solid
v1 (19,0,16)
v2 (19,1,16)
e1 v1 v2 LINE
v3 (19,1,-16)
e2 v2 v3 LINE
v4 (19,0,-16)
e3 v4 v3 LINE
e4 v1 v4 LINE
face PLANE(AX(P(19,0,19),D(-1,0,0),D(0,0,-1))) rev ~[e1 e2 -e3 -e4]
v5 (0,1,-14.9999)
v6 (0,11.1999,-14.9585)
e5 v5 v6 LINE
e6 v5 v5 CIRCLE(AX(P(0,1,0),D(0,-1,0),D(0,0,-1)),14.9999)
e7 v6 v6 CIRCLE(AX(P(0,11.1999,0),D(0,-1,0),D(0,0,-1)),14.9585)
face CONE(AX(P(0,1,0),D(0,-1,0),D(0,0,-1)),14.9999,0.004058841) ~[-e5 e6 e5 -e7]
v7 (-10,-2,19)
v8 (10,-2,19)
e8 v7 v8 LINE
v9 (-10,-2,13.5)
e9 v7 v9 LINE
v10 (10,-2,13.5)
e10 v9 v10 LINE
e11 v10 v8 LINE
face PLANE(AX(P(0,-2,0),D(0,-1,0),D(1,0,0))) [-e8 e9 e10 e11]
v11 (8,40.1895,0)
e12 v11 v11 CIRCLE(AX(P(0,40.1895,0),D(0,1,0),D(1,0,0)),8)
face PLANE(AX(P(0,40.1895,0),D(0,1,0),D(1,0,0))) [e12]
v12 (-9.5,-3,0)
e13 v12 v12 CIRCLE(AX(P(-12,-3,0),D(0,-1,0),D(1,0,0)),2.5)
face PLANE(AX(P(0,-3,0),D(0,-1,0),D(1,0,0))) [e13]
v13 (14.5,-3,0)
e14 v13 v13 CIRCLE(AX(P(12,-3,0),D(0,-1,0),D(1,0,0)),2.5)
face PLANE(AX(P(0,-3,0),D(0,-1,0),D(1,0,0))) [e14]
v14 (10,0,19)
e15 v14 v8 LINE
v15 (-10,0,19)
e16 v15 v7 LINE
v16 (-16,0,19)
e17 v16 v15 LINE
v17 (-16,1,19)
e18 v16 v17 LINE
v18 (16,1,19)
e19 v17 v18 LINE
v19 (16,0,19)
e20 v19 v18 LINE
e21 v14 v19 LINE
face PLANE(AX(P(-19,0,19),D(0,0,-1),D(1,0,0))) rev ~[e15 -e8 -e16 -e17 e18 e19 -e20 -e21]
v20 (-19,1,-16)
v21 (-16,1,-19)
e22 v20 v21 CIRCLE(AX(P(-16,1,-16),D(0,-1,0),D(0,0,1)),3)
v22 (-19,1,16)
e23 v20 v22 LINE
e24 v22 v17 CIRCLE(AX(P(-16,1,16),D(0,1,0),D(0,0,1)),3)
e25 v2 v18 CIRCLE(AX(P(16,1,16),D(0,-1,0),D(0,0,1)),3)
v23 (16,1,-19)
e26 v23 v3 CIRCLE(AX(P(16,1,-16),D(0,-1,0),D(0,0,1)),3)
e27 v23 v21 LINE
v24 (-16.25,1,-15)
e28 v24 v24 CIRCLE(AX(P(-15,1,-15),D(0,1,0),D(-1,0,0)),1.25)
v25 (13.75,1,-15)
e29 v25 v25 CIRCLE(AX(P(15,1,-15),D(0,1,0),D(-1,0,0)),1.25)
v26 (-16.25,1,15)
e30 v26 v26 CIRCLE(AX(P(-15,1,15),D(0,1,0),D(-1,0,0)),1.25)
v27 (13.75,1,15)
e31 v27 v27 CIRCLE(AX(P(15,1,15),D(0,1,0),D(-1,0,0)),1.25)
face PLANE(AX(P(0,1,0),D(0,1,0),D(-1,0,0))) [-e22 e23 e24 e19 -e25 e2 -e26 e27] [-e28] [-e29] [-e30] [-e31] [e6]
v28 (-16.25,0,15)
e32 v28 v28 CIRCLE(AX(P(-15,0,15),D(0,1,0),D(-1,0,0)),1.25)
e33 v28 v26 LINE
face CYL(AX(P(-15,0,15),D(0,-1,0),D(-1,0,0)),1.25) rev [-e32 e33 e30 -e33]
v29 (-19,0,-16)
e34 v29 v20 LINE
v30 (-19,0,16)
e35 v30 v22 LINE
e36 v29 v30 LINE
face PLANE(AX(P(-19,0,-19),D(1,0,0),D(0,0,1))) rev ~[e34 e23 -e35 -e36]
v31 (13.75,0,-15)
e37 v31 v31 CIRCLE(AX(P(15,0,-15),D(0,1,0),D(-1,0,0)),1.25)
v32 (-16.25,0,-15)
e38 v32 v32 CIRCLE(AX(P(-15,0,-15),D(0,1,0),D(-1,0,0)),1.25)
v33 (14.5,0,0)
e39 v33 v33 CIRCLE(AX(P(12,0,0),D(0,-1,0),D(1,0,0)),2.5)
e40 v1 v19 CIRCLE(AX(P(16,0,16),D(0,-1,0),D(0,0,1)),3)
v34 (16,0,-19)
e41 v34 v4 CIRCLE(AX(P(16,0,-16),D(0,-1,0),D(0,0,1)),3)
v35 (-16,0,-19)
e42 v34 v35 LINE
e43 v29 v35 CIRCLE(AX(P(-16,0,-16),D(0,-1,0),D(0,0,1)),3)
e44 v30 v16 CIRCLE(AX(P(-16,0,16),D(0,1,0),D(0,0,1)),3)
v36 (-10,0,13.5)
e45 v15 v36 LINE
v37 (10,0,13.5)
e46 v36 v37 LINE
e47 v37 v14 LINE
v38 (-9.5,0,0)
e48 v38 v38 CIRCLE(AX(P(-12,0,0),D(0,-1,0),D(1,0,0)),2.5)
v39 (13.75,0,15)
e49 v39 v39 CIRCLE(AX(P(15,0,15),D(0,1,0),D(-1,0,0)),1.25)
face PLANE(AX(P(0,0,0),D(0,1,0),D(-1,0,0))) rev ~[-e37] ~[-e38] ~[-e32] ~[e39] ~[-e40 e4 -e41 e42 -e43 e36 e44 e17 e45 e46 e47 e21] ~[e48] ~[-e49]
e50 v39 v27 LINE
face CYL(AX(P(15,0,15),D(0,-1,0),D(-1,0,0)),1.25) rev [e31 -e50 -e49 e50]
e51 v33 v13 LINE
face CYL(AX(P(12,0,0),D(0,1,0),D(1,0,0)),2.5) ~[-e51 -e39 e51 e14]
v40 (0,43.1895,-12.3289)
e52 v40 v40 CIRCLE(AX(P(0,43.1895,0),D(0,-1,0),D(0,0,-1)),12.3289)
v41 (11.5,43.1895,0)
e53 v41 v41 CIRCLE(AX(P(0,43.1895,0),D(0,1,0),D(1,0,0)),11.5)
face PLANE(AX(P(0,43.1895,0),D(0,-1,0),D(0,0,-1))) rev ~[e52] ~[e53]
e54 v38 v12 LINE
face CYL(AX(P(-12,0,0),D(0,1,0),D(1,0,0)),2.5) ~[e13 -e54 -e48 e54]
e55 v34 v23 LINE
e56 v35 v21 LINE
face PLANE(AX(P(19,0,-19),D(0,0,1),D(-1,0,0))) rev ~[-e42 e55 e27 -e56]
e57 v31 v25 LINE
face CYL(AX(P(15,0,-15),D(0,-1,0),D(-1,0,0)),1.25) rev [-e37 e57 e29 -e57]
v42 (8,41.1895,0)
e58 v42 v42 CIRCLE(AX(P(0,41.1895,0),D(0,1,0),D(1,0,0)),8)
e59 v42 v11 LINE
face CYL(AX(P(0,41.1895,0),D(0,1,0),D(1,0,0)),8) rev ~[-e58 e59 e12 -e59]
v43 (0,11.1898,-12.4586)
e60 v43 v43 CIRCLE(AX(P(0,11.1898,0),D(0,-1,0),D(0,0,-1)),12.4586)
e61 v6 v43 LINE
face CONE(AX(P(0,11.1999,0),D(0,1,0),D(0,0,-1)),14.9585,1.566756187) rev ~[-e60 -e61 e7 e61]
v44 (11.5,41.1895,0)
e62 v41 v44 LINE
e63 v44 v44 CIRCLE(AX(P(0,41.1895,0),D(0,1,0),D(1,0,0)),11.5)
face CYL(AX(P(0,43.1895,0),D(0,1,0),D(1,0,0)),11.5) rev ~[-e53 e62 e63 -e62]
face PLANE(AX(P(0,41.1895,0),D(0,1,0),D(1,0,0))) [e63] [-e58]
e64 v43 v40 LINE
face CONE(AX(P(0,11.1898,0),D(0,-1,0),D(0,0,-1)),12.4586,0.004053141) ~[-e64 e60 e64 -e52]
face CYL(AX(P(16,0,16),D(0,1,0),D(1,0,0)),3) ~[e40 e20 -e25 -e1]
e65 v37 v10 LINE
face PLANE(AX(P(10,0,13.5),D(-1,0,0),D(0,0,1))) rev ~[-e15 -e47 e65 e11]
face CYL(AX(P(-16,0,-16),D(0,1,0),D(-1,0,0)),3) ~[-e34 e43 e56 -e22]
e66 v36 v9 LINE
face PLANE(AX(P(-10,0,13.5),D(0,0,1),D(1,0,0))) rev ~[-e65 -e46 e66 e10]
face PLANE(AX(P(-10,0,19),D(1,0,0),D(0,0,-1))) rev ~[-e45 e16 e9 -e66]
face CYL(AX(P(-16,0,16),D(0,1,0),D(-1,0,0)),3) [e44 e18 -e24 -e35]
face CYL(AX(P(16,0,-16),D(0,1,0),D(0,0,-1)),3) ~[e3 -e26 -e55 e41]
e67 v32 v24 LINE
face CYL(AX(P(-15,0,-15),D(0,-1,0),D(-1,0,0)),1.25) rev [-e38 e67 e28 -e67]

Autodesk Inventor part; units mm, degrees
ref_plane "YZ Plane" through (0, 0, 0) normal (1, 0, 0) x (0, 1, 0)
ref_plane "XZ Plane" through (0, 0, 0) normal (0, 1, 0) x (-1, 0, 0)
ref_plane "XY Plane" through (0, 0, 0) normal (0, 0, 1) x (1, 0, 0)
sketch "Sketch1" plane through (0, 0, 0) normal (0, 1, 0) x (-1, 0, 0)
  line L0 (19, 19) -> (-19, 19)
  line L1 (-19, 19) -> (-19, -19)
  line L2 (-19, -19) -> (19, -19)
  line L3 (19, -19) -> (19, 19)
  line L4 (19, 19) -> (-19, -19) construction
  line L5 (-19, 19) -> (19, -19) construction
  line L6 (15, 15) -> (-15, 15) construction
  line L7 (-15, 15) -> (-15, -15) construction
  line L8 (-15, -15) -> (15, -15) construction
  line L9 (15, -15) -> (15, 15) construction
  line L10 (15, 15) -> (-15, -15) construction
  line L11 (-15, 15) -> (15, -15) construction
  circle A0 centre (15, 15) radius 1.25
  circle A1 centre (15, -15) radius 1.25
  circle A2 centre (-15, -15) radius 1.25
  circle A3 centre (-15, 15) radius 1.25
  point P0 (0, 0)
  dimension "d0" = 38
  dimension "d1" = 38
  dimension "d2" = 30
  dimension "d3" = 30
  dimension "d4" = 2.5
  dimension "d5" = 2.5
  dimension "d6" = 2.5
  dimension "d7" = 2.5
extrude "Extrusion1" add sketch "Sketch1" along normal blind 1
fillet "Fillet1" radius 3 4 edges at (19, 0.5, 19) (19, 0.5, -19) (-19, 0.5, -19) (-19, 0.5, 19)
sketch "Sketch2" plane through (0, 0, 0) normal (1, 0, 0) x (0, 1, 0)
  line L0 (43.1895, 0) -> (0.9392, 0)
  line L1 (1, 16) -> (1, -16) construction
  line L2 (0, 16) -> (0, -16) projected
  line L3 (0.9392, 0) -> (1, -14.9999)
  line L4 (1, -16) -> (1, 16) projected
  line L5 (1, -14.9999) -> (11.1999, -14.9585)
  line L6 (11.1999, -14.9585) -> (11.1898, -12.4586)
  line L7 (11.1898, -12.4586) -> (43.1895, -12.3289)
  line L8 (43.1895, -12.3289) -> (43.1895, 0)
  point P0 (0, 0)
  dimension "d16" = 15
  dimension "d17" = 10.2
  dimension "d18" = 2.5
  dimension "d19" = 32
revolve "Revolution1" add sketch "Sketch2" angle 360 about axis through (0, 43.1895, 0) along (0, -1, 0)
sketch "Sketch3" plane through (0, 43.1895, 0) normal (0, 1, 0) x (1, 0, 0)
  circle A0 centre (0, 0) radius 11.5
  dimension "d20" = 23
extrude "Extrusion2" cut sketch "Sketch3" against normal blind 2
sketch "Sketch4" plane through (0, 41.1895, 0) normal (0, 1, 0) x (1, 0, 0)
  circle A0 centre (0, 0) radius 8
  dimension "d23" = 16
extrude "Extrusion3" cut sketch "Sketch4" against normal blind 1
sketch "Sketch5" plane through (0, 0, 0) normal (0, -1, 0) x (1, 0, 0)
  circle A0 centre (-12, 0) radius 2.5
  line L0 (-19, -16) -> (-19, 16) projected
  circle A1 centre (12, 0) radius 2.5
  line L1 (19, 16) -> (19, -16) projected
  point P0 (0, 0)
  dimension "d26" = 5
  dimension "d27" = 7
  dimension "d28" = 5
  dimension "d29" = 7
extrude "Extrusion4" add sketch "Sketch5" along normal blind 3
sketch "Sketch6" plane through (0, 0, 0) normal (0, -1, 0) x (1, 0, 0)
  line L0 (-16, 19) -> (16, 19) projected
  line L1 (-10, 13.5) -> (10, 13.5)
  line L2 (10, 13.5) -> (10, 19)
  line L3 (10, 19) -> (-10, 19)
  line L4 (-10, 19) -> (-10, 13.5)
  line L5 (-10, 13.5) -> (10, 19) construction
  line L6 (10, 13.5) -> (-10, 19) construction
  point P0 (0, 0)
  point P1 (0, 16.25)
  dimension "d32" = 20
  dimension "d33" = 5.5
extrude "Extrusion5" add sketch "Sketch6" along normal blind 2
properties part number "camera"
